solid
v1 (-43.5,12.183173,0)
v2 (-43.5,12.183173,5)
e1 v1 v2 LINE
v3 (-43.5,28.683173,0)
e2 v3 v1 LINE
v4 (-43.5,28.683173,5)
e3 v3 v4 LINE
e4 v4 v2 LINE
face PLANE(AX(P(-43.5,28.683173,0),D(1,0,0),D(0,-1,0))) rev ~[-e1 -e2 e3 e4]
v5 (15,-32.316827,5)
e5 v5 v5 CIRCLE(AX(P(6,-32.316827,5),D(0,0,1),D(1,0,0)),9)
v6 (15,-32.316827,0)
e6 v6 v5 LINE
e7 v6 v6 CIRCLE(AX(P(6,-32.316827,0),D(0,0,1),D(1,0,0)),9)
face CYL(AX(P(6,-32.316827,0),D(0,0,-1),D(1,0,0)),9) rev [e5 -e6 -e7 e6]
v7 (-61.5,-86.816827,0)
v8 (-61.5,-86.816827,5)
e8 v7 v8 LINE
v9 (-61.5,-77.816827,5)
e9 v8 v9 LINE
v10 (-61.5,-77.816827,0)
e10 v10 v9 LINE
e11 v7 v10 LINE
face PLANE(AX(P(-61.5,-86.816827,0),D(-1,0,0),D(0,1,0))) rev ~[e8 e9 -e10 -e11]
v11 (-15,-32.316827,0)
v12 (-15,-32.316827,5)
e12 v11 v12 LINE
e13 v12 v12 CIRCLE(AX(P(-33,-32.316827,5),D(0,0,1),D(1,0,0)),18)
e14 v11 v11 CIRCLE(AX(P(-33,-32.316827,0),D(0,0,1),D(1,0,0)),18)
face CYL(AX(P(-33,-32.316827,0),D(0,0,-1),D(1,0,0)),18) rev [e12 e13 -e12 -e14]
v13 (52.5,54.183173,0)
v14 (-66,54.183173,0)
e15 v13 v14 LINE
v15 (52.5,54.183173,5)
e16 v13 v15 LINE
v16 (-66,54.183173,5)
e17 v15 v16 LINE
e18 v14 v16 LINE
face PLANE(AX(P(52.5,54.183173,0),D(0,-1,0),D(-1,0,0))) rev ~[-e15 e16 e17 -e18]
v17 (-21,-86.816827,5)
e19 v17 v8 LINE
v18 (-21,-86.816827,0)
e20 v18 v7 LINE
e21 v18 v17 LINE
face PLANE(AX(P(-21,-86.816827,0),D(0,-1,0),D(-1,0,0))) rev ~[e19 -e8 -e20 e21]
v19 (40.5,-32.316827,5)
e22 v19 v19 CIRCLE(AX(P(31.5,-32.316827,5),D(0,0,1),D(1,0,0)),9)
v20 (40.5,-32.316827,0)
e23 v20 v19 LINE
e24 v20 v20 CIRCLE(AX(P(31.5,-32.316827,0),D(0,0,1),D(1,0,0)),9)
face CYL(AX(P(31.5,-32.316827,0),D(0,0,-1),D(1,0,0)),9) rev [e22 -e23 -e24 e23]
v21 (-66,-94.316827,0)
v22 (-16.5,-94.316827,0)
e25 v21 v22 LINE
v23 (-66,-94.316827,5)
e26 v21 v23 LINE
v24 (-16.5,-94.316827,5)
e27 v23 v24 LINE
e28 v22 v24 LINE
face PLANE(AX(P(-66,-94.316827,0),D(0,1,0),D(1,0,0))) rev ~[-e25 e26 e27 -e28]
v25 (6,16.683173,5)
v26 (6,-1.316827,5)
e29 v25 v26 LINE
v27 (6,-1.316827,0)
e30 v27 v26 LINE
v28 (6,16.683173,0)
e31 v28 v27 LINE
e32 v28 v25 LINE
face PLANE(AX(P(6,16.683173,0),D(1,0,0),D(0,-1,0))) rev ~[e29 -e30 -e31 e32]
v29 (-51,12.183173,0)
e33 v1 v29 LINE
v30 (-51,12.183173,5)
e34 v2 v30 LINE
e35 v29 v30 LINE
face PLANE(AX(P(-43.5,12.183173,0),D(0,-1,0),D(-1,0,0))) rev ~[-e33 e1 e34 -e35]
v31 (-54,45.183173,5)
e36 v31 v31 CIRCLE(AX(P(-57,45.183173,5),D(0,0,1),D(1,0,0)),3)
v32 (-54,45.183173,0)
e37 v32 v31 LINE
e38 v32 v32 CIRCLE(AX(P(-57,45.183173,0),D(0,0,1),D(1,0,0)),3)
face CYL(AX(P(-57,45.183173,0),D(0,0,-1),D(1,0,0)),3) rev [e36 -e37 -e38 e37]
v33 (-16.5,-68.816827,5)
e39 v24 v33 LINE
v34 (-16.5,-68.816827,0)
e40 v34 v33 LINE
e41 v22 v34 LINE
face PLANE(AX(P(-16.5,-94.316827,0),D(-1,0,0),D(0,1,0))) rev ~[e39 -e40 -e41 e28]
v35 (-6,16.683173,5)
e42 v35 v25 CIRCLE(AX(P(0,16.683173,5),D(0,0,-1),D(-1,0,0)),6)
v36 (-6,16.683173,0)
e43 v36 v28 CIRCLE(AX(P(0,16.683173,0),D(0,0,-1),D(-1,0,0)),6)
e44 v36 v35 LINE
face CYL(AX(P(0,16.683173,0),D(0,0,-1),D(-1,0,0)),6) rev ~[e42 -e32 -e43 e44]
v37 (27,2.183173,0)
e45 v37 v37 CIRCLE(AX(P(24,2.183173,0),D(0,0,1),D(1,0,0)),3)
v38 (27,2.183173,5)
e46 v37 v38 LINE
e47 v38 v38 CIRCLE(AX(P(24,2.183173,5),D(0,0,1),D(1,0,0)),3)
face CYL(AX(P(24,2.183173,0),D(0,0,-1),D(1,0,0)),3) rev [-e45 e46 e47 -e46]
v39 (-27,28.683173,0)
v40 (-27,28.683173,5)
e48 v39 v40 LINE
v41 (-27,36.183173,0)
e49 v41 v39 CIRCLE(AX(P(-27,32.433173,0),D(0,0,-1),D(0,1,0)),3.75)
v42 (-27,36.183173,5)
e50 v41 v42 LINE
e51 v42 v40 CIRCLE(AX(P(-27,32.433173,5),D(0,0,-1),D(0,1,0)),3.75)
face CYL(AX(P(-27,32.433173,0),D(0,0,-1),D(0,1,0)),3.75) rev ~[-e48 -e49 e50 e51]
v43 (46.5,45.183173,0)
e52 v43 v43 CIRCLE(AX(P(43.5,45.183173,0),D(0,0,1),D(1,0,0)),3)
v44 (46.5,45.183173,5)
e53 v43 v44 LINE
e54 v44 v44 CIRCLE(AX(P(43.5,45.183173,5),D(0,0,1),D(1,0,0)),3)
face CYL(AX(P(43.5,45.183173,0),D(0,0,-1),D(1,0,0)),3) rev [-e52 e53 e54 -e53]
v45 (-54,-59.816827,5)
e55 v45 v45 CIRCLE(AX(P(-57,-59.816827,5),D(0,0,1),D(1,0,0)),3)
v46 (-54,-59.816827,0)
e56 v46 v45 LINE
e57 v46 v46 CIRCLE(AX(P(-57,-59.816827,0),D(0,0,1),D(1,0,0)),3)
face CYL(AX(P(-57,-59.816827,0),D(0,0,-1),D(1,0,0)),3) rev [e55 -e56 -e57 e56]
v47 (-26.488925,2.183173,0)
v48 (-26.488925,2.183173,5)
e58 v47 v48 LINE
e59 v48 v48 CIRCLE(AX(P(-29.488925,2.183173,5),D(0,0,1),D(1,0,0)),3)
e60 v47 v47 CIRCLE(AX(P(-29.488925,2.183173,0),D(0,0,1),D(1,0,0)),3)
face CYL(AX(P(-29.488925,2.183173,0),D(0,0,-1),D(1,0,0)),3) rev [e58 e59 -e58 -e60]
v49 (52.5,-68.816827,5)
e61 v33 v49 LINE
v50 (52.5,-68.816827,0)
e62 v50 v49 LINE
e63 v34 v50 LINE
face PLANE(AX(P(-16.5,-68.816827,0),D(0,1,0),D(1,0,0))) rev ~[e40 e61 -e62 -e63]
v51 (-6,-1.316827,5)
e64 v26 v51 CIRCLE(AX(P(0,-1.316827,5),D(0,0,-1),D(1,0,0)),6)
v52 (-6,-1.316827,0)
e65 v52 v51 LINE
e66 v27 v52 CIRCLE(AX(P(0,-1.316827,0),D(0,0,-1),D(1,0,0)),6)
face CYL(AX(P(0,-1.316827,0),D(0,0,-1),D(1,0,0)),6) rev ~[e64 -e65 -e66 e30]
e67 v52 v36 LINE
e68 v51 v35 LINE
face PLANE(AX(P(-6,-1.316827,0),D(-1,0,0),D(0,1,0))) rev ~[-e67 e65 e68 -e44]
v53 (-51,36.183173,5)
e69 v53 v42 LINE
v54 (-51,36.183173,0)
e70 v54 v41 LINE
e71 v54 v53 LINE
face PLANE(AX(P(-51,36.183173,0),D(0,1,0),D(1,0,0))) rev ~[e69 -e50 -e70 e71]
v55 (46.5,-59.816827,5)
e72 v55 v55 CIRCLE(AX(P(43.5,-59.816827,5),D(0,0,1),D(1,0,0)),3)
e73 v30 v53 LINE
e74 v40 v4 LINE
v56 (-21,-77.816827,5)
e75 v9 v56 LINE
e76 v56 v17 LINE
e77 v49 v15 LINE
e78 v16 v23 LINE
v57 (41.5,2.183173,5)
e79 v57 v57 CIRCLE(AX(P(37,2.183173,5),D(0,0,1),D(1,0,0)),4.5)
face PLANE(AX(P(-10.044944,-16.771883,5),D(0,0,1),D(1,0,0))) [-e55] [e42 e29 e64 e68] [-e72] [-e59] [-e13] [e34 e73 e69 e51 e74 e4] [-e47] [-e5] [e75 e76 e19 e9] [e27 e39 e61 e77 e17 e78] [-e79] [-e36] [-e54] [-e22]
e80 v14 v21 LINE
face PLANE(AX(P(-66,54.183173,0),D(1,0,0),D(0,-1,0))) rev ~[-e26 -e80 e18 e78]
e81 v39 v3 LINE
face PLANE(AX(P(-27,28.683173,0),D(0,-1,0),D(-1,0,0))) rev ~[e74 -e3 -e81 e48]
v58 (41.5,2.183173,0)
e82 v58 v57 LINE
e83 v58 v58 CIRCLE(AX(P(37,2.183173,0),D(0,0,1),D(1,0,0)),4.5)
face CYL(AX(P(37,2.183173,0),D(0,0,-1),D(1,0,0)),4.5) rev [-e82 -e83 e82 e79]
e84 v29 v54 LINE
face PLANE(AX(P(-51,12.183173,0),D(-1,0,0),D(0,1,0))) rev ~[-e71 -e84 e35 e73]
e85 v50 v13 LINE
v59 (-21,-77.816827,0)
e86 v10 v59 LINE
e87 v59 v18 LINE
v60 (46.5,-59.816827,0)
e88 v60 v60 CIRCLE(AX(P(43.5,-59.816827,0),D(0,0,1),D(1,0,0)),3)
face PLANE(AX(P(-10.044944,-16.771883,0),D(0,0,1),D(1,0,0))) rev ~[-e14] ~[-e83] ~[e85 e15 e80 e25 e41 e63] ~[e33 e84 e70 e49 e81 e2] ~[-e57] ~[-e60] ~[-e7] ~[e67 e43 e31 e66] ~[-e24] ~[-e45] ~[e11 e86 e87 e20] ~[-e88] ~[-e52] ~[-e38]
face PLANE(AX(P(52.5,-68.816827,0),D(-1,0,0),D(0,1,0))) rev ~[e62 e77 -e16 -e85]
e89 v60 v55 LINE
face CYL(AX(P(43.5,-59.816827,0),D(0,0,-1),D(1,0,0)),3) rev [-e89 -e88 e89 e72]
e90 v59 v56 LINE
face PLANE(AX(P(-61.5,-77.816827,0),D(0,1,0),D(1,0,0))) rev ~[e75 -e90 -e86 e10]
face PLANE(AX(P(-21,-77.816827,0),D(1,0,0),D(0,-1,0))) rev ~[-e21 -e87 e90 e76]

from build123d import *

# Parameters (mm, degrees)
F0_R     = 3
F0_R_2   = 18
F0_R_3   = 9
F0_R_4   = 4.5
F1_DEPTH = 5


with BuildPart() as f1:
    # F0 (on Top) → F1 (new body)
    with BuildSketch(Plane.XY):
        Polygon((52.5, 54.183173), (-66, 54.183173), (-66, -68.816827), (-66, -94.316827), (-16.5, -94.316827), (-16.5, -68.816827), (52.5, -68.816827), align=None)
        Polygon((-61.5, -86.816827), (-61.5, -77.816827), (-52.5, -77.816827), (-45, -77.816827), (-36, -77.816827), (-30, -77.816827), (-21, -77.816827), (-21, -86.816827), (-30, -86.816827), (-36, -86.816827), (-45, -86.816827), (-52.5, -86.816827), align=None, mode=Mode.SUBTRACT)
        with Locations((-57, -59.816827)):
            Circle(F0_R, mode=Mode.SUBTRACT)
        with Locations((-33, -32.316827)):
            Circle(F0_R_2, mode=Mode.SUBTRACT)
        with Locations((43.5, -59.816827)):
            Circle(F0_R, mode=Mode.SUBTRACT)
        with Locations((6, -32.316827)):
            Circle(F0_R_3, mode=Mode.SUBTRACT)
        with Locations((31.5, -32.316827)):
            Circle(F0_R_3, mode=Mode.SUBTRACT)
        with Locations((-29.488925, 2.183173)):
            Circle(F0_R, mode=Mode.SUBTRACT)
        with BuildLine():
            Line((-51, 12.183173), (-51, 36.183173))
            Line((-51, 36.183173), (-27, 36.183173))
            ThreePointArc((-27, 36.183173), (-23.25, 32.433173), (-27, 28.683173))
            Line((-27, 28.683173), (-43.5, 28.683173))
            Line((-43.5, 28.683173), (-43.5, 12.183173))
            Line((-43.5, 12.183173), (-51, 12.183173))
        make_face(mode=Mode.SUBTRACT)
        with Locations((-57, 45.183173)):
            Circle(F0_R, mode=Mode.SUBTRACT)
        with BuildLine():
            Line((-6, -1.316827), (-6, 16.683173))
            ThreePointArc((-6, 16.683173), (0, 22.683173), (6, 16.683173))
            Line((6, 16.683173), (6, -1.316827))
            ThreePointArc((6, -1.316827), (0, -7.316827), (-6, -1.316827))
        make_face(mode=Mode.SUBTRACT)
        with Locations((24, 2.183173)):
            Circle(F0_R, mode=Mode.SUBTRACT)
        with Locations((37, 2.183173)):
            Circle(F0_R_4, mode=Mode.SUBTRACT)
        with Locations((43.5, 45.183173)):
            Circle(F0_R, mode=Mode.SUBTRACT)
    extrude(amount=F1_DEPTH)


solid = f1.part
